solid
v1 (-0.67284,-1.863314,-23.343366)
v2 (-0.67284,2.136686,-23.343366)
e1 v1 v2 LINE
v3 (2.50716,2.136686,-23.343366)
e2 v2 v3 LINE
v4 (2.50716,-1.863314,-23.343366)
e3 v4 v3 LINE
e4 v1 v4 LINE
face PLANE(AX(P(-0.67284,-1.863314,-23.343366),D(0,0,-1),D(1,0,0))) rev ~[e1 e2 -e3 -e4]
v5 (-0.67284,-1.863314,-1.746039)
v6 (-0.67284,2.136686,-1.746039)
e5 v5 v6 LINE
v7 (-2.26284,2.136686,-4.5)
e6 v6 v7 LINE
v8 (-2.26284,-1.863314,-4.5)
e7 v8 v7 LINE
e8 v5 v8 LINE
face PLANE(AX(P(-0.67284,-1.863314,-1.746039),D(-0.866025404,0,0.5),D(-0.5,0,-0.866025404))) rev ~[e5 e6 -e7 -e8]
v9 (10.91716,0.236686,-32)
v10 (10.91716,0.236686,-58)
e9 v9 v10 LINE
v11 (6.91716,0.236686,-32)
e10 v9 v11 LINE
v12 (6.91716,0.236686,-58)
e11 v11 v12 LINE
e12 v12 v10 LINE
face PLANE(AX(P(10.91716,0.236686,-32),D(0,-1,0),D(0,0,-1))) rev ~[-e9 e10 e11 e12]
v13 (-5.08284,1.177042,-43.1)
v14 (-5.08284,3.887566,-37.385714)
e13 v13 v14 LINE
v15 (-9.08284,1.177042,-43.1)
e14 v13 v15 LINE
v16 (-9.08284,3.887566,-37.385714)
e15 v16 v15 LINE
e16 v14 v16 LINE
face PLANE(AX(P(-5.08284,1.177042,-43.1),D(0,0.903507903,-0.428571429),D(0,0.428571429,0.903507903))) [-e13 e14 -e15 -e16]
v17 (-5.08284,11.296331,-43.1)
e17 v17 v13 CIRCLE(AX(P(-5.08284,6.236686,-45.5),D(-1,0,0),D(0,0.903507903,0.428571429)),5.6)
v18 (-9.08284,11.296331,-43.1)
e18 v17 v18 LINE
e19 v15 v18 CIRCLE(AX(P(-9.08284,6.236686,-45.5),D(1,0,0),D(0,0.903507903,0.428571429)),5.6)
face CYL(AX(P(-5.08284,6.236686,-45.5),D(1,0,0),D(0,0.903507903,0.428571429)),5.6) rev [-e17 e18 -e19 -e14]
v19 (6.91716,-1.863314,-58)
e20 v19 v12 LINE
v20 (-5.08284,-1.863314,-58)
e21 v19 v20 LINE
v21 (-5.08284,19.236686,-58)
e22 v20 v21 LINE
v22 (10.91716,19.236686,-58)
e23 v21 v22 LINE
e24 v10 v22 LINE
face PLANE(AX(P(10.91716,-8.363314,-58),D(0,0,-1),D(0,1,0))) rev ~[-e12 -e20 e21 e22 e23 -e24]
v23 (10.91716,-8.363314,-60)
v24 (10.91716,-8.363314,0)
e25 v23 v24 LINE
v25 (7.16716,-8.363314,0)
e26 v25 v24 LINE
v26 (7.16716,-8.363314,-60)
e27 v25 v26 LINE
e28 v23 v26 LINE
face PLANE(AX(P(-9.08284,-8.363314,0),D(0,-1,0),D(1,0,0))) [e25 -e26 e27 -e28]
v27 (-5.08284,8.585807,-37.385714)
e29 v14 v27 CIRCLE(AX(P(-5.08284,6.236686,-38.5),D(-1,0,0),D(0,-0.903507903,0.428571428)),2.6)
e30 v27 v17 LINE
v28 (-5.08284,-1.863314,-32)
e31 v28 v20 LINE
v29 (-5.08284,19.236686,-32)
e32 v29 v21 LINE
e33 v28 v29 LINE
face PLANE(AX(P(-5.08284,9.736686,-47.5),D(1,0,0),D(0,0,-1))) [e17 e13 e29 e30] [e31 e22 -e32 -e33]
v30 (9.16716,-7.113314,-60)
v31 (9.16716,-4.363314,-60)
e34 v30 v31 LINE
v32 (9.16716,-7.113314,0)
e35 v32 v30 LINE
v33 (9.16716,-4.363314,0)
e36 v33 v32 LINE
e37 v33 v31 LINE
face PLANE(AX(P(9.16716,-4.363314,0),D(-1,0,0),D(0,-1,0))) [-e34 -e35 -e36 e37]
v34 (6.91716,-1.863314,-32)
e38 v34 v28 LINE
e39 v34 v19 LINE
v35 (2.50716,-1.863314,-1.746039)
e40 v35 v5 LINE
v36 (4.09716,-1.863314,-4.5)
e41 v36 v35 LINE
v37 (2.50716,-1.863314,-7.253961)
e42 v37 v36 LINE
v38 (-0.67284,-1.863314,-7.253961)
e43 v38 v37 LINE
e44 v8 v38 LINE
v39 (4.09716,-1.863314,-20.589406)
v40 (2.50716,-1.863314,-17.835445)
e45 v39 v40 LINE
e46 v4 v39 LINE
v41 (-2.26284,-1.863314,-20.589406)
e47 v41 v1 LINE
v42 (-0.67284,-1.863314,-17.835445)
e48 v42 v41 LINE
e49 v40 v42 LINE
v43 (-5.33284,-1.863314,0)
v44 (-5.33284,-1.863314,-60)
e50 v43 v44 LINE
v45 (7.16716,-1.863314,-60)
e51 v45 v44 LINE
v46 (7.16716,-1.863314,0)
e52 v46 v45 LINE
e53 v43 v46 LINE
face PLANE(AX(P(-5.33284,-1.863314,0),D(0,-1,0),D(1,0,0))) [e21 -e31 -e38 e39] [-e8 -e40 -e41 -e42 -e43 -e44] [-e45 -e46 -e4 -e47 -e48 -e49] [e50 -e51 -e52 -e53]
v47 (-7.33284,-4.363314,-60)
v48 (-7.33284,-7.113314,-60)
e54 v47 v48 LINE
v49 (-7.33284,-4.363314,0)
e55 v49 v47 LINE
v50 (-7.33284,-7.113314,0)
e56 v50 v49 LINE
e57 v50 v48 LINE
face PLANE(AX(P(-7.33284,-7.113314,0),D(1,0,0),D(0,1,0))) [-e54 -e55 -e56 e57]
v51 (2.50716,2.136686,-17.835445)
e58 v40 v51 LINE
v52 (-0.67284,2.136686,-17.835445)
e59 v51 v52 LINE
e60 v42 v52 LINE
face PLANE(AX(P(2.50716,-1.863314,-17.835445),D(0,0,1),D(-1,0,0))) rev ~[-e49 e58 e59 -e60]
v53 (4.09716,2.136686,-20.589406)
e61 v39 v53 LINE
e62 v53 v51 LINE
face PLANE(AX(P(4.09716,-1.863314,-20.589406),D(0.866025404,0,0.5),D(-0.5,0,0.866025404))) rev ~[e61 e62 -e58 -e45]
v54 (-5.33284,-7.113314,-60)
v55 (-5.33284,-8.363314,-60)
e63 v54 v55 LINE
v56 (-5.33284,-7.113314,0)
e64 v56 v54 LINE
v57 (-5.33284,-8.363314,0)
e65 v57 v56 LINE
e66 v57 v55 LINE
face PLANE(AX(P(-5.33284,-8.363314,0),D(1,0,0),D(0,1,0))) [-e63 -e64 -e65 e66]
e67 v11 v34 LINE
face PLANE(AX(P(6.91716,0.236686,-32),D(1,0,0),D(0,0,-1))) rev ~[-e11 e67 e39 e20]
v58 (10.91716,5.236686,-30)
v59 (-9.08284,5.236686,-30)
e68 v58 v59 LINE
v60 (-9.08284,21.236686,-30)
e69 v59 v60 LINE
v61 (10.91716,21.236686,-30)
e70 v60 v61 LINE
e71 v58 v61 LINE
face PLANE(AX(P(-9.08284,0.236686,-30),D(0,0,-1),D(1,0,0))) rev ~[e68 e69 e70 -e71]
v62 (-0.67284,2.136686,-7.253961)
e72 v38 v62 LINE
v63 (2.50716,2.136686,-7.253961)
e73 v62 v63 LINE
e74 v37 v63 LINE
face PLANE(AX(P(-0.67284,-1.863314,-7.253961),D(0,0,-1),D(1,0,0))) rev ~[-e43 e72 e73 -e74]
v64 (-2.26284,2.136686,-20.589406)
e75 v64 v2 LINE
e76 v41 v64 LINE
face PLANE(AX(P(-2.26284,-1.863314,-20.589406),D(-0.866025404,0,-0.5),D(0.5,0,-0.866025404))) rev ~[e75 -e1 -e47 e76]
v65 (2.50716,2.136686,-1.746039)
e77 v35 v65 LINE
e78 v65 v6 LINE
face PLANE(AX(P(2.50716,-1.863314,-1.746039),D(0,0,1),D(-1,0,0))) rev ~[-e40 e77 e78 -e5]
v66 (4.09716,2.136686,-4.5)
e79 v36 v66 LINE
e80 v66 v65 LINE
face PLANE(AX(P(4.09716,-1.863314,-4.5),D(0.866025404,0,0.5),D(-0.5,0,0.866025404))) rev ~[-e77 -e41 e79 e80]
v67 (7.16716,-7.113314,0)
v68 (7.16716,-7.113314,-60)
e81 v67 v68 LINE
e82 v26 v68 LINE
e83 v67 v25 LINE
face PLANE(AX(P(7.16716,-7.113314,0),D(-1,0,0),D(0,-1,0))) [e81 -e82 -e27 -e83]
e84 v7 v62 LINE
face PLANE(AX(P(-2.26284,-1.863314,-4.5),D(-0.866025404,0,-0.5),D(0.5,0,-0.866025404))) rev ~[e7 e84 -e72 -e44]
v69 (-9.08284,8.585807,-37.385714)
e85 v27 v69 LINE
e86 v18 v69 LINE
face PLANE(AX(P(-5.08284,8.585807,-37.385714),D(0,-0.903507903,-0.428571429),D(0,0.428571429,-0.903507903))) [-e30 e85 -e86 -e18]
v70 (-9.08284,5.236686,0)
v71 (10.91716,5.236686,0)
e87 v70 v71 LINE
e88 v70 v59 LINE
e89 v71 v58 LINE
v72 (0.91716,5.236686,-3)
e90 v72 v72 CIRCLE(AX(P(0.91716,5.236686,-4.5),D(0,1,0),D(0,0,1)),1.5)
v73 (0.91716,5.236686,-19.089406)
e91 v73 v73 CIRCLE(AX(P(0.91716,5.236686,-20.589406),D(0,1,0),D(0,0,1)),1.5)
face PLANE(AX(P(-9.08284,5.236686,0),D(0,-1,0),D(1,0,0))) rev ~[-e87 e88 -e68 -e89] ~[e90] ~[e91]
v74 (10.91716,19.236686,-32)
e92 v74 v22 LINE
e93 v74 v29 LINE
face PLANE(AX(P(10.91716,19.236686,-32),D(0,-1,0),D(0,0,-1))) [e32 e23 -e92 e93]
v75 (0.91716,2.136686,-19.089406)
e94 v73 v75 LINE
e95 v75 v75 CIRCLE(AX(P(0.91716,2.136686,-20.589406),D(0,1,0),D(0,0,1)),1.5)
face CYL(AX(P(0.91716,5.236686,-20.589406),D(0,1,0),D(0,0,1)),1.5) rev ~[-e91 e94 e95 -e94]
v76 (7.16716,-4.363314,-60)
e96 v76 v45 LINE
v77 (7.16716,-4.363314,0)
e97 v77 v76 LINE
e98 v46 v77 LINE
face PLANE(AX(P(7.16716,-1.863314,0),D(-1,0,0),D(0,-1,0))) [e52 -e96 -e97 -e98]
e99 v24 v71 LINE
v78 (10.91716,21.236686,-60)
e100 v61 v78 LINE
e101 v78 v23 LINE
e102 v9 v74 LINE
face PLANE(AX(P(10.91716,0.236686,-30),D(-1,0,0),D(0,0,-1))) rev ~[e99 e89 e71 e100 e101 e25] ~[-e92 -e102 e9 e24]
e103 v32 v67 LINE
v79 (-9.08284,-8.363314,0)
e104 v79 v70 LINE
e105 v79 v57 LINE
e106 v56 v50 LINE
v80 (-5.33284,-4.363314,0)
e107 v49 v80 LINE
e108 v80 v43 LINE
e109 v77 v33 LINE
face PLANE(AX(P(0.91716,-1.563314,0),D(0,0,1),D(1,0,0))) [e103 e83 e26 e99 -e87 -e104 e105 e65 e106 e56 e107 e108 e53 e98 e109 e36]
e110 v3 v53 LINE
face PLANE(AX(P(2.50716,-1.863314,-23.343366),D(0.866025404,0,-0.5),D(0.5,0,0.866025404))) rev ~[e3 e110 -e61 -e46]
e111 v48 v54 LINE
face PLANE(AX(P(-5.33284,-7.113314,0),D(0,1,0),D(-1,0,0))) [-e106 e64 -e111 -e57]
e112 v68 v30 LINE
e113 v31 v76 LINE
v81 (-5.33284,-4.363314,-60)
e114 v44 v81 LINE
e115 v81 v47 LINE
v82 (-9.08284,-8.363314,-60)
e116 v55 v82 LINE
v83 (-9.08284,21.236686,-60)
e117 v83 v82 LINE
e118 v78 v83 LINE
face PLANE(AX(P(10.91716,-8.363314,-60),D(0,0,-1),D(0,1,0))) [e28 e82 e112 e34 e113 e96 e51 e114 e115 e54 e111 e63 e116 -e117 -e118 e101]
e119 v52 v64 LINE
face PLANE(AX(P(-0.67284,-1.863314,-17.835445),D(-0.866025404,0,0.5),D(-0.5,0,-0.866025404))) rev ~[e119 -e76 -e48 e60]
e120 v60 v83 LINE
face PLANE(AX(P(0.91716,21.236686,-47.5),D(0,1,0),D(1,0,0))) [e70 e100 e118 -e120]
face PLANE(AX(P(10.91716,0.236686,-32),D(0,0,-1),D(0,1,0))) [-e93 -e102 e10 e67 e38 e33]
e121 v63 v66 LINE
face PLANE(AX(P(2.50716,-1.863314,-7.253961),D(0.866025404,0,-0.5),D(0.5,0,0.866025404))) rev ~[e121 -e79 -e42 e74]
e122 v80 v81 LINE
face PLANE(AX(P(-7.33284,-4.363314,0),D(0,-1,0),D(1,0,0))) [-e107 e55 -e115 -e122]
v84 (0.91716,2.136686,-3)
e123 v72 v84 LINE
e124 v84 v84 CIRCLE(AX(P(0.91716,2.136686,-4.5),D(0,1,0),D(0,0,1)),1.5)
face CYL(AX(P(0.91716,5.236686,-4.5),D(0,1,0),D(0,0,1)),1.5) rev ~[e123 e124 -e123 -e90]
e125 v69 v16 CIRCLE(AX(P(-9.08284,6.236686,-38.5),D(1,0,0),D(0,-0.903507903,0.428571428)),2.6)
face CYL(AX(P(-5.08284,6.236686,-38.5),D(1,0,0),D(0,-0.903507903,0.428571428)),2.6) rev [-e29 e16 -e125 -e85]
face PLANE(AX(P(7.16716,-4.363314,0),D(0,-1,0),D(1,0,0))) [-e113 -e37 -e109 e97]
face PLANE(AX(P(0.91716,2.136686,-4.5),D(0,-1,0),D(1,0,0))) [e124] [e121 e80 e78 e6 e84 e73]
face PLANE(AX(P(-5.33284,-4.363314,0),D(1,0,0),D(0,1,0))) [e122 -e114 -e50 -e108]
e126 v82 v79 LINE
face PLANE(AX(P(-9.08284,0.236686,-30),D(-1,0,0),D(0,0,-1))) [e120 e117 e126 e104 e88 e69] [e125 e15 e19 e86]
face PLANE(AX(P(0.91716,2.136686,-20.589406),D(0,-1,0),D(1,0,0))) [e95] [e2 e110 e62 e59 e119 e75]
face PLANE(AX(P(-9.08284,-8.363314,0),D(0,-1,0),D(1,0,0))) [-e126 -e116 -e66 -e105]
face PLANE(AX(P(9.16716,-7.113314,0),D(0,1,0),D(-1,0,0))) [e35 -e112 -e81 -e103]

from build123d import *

# Parameters (mm, degrees)
SKETCH1_W           = 20
SKETCH1_H           = 13.6
BOSS_EXTRUDE1_DEPTH = 65
SKETCH3_R           = 1.5
CUT_EXTRUDE2_DEPTH  = 68.298918099
SKETCH5_W           = 35
SKETCH5_H           = 5
CUT_EXTRUDE4_DEPTH  = 69.519668815
SKETCH6_W           = 12
SKETCH6_H           = 31
CUT_EXTRUDE5_DEPTH  = 5
SKETCH7_W           = 20
SKETCH7_H           = 35
BOSS_EXTRUDE2_DEPTH = 21
SKETCH8_W           = 31
SKETCH8_H           = 19
CUT_EXTRUDE6_DEPTH  = 16
CUT_EXTRUDE7_DEPTH  = 71.228177029
SKETCH11_W          = 5
SKETCH11_H          = 29.6
CUT_EXTRUDE8_DEPTH  = 72.246030408
BOSS_EXTRUDE3_REACH = 68.716
SKETCH12_W          = 2
SKETCH12_H          = 29.6
CUT_EXTRUDE9_DEPTH  = 65.576940359
CUT_EXTRUDE10_DEPTH = 4


with BuildPart() as part:
    # Sketch1 → Boss-Extrude1 (new body)
    with BuildSketch(Plane.XY):
        with Locations((0.917159763, -1.563313609)):
            Rectangle(SKETCH1_W, SKETCH1_H)
    extrude(amount=-BOSS_EXTRUDE1_DEPTH)

    # Sketch3 → Cut-Extrude2 (cut, through all)
    with BuildSketch(Plane(origin=(0, 5.236686391, 0), x_dir=(1, 0, 0), z_dir=(0, 1, 0))):
        with Locations(Location((0.917159763, 4.5, 0), (0, 0, 270))):
            Circle(SKETCH3_R)
        with Locations(Location((0.917159763, 20.589405581, 0), (0, 0, 270))):
            Circle(SKETCH3_R)
    extrude(amount=-CUT_EXTRUDE2_DEPTH, mode=Mode.SUBTRACT)

    # Sketch5 → Cut-Extrude4 (cut, through all)
    with BuildSketch(Plane(origin=(10.917159763, 0, 0), x_dir=(0, 0, -1), z_dir=(1, 0, 0))):
        with Locations((47.5, 2.736686391)):
            Rectangle(SKETCH5_W, SKETCH5_H)
    extrude(amount=-CUT_EXTRUDE4_DEPTH, mode=Mode.SUBTRACT)

    # Sketch6 → Cut-Extrude5 (cut)
    with BuildSketch(Plane(origin=(0, 0.236686391, 0), x_dir=(1, 0, 0), z_dir=(0, 1, 0))):
        with Locations((0.917159763, 47.5)):
            Rectangle(SKETCH6_W, SKETCH6_H)
    extrude(amount=-CUT_EXTRUDE5_DEPTH, mode=Mode.SUBTRACT)

    # Sketch7 → Boss-Extrude2 (add)
    with BuildSketch(Plane(origin=(0, 0.236686391, 0), x_dir=(1, 0, 0), z_dir=(0, 1, 0))):
        with Locations((0.917159763, 47.5)):
            Rectangle(SKETCH7_W, SKETCH7_H)
    extrude(amount=BOSS_EXTRUDE2_DEPTH)

    # Sketch8 → Cut-Extrude6 (cut)
    with BuildSketch(Plane(origin=(10.917159763, 0, 0), x_dir=(0, 0, -1), z_dir=(1, 0, 0))):
        with Locations((47.5, 9.736686391)):
            Rectangle(SKETCH8_W, SKETCH8_H)
    extrude(amount=-CUT_EXTRUDE6_DEPTH, mode=Mode.SUBTRACT)

    # Sketch9 → Cut-Extrude7 (cut, through all)
    with BuildSketch(Plane(origin=(-5.082840237, 0, 0), x_dir=(0, 0, -1), z_dir=(1, 0, 0))):
        with BuildLine():
            Line((37.385714286, 8.585806938), (43.1, 11.296330647))
            ThreePointArc((43.1, 11.296330647), (51.1, 6.236686391), (43.1, 1.177042134))
            Line((43.1, 1.177042134), (37.385714286, 3.887565843))
            ThreePointArc((37.385714286, 3.887565843), (35.9, 6.236686391), (37.385714286, 8.585806938))
        make_face()
    extrude(amount=-CUT_EXTRUDE7_DEPTH, mode=Mode.SUBTRACT)

    # Sketch11 → Cut-Extrude8 (cut, through all)
    with BuildSketch(Plane(origin=(10.917159763, 0, 0), x_dir=(0, 0, -1), z_dir=(1, 0, 0))):
        with Locations((62.5, 6.436686391)):
            Rectangle(SKETCH11_W, SKETCH11_H)
    extrude(amount=-CUT_EXTRUDE8_DEPTH, mode=Mode.SUBTRACT)

    # Boss-Extrude3: up to this face of the body (flat: up to its plane)
    boss_extrude3_end = Plane(part.part.faces().sort_by_distance((-9.082840237, 3.675844839, -34.656950913))[0])
    # Sketch12 → Boss-Extrude3 (add, up to the picked face)
    with BuildSketch(Plane(origin=(10.917159763, 0, 0), x_dir=(0, 0, -1), z_dir=(1, 0, 0)), mode=Mode.PRIVATE) as boss_extrude3_sk1:
        with Locations((59, 6.436686391)):
            Rectangle(SKETCH12_W, SKETCH12_H)
    boss_extrude3_tool1 = split(extrude(boss_extrude3_sk1.sketch, amount=-BOSS_EXTRUDE3_REACH, mode=Mode.PRIVATE), bisect_by=boss_extrude3_end, keep=Keep.BOTH, mode=Mode.PRIVATE)
    add(boss_extrude3_tool1.solids().sort_by(Axis((10.91716, 6.436686, -59), (-1, 0, 0)))[0])

    # Sketch2 → Cut-Extrude9 (cut, through all)
    with BuildSketch(Plane.XY):
        Polygon((-5.332840237, -8.363313609), (-5.332840237, -7.113313609), (-7.332840237, -7.113313609), (-7.332840237, -4.363313609), (-5.332840237, -4.363313609), (-5.332840237, -1.863313609), (7.167159763, -1.863313609), (7.167159763, -4.363313609), (9.167159763, -4.363313609), (9.167159763, -7.113313609), (7.167159763, -7.113313609), (7.167159763, -8.363313609), align=None)
    extrude(amount=-CUT_EXTRUDE9_DEPTH, mode=Mode.SUBTRACT)

    # Sketch13 → Cut-Extrude10 (cut)
    with BuildSketch(Plane.XZ.offset(1.863313609)):
        Polygon((2.507159763, -7.253960784), (4.097159763, -4.5), (2.507159763, -1.746039216), (-0.672840237, -1.746039216), (-2.262840237, -4.5), (-0.672840237, -7.253960784), align=None)
        Polygon((2.507159763, -23.343366365), (4.097159763, -20.589405581), (2.507159763, -17.835444797), (-0.672840237, -17.835444797), (-2.262840237, -20.589405581), (-0.672840237, -23.343366365), align=None)
    extrude(amount=-CUT_EXTRUDE10_DEPTH, mode=Mode.SUBTRACT)


solid = part.part
